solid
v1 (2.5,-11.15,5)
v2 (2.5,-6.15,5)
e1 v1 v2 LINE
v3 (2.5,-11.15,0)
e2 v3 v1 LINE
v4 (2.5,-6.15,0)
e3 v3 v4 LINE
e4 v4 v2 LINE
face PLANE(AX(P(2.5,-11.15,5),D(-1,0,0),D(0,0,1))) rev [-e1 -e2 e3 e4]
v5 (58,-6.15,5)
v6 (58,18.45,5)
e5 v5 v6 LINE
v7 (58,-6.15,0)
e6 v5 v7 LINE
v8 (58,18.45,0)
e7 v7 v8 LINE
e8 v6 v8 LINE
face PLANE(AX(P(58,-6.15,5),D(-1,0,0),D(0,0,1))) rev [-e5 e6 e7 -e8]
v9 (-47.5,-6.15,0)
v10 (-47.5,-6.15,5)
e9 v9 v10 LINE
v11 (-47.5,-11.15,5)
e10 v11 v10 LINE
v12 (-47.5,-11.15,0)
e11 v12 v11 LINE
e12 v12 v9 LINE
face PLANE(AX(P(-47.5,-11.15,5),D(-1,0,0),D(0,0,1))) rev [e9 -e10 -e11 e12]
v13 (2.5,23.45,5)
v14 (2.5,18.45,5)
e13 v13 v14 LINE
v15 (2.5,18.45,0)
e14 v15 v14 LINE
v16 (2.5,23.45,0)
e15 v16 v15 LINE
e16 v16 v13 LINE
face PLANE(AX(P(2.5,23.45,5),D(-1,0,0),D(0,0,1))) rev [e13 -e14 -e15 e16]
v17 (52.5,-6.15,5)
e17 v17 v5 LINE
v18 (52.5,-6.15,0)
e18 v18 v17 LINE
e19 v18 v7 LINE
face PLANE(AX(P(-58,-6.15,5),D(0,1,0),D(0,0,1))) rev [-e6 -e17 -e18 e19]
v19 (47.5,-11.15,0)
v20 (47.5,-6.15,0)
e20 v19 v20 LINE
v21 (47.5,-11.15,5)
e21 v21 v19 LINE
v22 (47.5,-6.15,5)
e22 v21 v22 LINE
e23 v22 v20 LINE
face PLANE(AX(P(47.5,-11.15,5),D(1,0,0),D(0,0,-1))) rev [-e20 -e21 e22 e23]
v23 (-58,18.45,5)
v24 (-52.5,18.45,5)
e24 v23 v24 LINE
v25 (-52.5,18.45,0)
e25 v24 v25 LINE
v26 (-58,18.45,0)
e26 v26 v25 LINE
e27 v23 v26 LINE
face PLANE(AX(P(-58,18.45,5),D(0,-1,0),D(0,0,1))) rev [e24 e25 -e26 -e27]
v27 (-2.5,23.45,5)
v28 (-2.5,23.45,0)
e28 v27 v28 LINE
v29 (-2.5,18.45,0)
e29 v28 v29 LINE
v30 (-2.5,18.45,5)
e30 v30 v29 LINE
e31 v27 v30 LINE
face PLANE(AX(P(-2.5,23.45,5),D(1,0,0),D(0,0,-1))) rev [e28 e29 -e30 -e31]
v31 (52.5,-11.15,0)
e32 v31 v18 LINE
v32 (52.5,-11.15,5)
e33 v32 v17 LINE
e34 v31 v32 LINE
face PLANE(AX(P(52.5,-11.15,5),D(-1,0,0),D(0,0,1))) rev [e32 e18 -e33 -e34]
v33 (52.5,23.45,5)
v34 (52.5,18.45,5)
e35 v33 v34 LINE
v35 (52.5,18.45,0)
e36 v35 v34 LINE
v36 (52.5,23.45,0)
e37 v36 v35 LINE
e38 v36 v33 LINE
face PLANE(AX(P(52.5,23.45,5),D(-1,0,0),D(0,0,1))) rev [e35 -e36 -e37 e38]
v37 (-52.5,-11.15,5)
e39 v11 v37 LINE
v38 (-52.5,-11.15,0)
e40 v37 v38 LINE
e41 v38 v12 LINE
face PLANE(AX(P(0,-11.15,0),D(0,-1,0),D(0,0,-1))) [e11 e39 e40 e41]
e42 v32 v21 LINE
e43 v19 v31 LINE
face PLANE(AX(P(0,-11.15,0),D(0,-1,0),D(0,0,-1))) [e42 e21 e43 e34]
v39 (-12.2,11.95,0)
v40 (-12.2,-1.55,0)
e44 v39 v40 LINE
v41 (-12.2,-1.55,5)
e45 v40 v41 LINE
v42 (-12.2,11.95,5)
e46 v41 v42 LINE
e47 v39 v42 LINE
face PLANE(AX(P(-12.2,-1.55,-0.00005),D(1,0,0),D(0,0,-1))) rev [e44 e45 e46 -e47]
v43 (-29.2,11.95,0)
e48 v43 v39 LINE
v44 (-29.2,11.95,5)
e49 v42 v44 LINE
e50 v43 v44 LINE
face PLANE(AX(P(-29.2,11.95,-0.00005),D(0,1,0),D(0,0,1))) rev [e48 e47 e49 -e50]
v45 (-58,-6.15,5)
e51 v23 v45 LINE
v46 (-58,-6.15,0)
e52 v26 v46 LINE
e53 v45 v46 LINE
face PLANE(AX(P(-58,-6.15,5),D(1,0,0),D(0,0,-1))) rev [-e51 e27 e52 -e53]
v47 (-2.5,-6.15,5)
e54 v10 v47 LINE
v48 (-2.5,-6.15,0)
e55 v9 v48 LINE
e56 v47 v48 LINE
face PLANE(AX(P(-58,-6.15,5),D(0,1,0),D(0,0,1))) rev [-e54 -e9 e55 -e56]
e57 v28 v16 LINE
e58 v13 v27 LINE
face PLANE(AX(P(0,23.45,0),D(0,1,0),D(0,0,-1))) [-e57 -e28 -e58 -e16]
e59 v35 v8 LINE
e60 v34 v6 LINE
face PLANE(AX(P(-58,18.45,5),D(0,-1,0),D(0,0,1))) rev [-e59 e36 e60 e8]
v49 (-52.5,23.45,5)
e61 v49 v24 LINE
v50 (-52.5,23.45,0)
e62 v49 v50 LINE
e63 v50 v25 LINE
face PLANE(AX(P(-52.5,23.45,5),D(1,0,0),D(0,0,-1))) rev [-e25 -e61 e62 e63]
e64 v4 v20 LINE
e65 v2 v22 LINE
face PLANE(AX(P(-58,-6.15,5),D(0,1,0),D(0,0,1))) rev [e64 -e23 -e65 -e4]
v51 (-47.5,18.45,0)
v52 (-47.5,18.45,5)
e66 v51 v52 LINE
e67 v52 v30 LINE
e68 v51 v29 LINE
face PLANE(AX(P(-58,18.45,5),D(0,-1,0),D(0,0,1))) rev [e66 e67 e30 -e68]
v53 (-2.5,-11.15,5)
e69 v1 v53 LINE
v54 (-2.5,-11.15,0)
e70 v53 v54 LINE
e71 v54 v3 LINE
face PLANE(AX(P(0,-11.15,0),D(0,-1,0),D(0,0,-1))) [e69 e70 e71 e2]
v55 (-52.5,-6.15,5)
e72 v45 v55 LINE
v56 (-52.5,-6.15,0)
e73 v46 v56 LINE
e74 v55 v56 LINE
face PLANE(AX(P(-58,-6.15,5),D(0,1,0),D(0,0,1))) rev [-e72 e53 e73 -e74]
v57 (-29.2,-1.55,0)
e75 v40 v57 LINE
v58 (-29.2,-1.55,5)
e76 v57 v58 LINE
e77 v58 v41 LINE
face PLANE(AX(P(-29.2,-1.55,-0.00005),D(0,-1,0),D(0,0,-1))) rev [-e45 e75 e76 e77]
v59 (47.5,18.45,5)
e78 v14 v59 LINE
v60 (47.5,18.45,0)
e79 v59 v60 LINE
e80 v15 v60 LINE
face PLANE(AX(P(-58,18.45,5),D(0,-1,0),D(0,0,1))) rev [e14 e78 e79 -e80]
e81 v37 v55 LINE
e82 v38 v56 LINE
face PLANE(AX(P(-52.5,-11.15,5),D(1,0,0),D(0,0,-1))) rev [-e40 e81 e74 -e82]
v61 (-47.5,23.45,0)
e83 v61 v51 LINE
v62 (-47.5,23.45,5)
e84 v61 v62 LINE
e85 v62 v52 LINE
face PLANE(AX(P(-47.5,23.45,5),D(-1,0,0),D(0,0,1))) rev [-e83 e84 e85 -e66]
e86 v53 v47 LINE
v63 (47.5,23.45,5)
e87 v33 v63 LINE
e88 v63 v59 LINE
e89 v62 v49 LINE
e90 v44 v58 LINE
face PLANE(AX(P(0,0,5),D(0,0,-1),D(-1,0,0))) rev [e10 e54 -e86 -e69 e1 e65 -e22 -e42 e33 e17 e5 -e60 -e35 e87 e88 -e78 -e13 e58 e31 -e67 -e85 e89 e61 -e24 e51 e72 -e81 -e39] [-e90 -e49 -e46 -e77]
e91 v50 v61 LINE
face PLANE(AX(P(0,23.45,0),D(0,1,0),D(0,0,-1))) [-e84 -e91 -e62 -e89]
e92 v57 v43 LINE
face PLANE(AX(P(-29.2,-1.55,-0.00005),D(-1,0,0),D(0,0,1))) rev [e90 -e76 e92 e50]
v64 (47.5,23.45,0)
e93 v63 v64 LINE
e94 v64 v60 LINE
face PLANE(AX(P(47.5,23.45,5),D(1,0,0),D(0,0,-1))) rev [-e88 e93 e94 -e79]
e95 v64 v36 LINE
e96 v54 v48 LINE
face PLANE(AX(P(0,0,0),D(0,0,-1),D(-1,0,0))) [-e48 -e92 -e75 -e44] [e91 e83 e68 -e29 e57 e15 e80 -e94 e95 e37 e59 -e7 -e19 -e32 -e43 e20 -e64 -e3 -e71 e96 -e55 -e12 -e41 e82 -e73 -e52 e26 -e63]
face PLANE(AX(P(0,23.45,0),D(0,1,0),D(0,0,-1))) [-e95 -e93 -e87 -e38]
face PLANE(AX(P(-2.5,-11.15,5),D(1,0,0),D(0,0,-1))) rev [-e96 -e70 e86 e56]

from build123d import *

# Parameters (mm, degrees)
SKETCH1_W           = 116
SKETCH1_H           = 12.3
BOSS_EXTRUDE1_DEPTH = 5
SKETCH2_W           = 5
SKETCH2_H           = 5
BOSS_EXTRUDE2_DEPTH = 5
SKETCH3_W           = 17
SKETCH3_H           = 13.5
CUT_EXTRUDE1_DEPTH  = 6


with BuildPart() as part:
    # Sketch1 → Boss-Extrude1 (new body)
    with BuildSketch(Plane.XY):
        Rectangle(SKETCH1_W, SKETCH1_H)
    extrude(amount=BOSS_EXTRUDE1_DEPTH)

    # Sketch2 → Boss-Extrude2 (add)
    with BuildSketch(Plane.XZ.offset(6.15)):
        with Locations((-50, 2.5)):
            Rectangle(SKETCH2_W, SKETCH2_H)
        with Locations((0, 2.5)):
            Rectangle(SKETCH2_W, SKETCH2_H)
        with Locations((50, 2.5)):
            Rectangle(SKETCH2_W, SKETCH2_H)
    extrude(amount=BOSS_EXTRUDE2_DEPTH)

    # Mirror1: part across plane


with BuildPart() as part_1:
    add(part.part)
    add(part.part.mirror(Plane(origin=(-58, 6.15, 5), x_dir=(0, 0, 1), z_dir=(0, -1, 0))))

    # Sketch3 → Cut-Extrude1 (cut, through all)
    with BuildSketch(Plane.XY.offset(5)):
        with Locations((-20.7, 5.2)):
            Rectangle(SKETCH3_W, SKETCH3_H)
    extrude(amount=-CUT_EXTRUDE1_DEPTH, mode=Mode.SUBTRACT)


solid = part_1.part
